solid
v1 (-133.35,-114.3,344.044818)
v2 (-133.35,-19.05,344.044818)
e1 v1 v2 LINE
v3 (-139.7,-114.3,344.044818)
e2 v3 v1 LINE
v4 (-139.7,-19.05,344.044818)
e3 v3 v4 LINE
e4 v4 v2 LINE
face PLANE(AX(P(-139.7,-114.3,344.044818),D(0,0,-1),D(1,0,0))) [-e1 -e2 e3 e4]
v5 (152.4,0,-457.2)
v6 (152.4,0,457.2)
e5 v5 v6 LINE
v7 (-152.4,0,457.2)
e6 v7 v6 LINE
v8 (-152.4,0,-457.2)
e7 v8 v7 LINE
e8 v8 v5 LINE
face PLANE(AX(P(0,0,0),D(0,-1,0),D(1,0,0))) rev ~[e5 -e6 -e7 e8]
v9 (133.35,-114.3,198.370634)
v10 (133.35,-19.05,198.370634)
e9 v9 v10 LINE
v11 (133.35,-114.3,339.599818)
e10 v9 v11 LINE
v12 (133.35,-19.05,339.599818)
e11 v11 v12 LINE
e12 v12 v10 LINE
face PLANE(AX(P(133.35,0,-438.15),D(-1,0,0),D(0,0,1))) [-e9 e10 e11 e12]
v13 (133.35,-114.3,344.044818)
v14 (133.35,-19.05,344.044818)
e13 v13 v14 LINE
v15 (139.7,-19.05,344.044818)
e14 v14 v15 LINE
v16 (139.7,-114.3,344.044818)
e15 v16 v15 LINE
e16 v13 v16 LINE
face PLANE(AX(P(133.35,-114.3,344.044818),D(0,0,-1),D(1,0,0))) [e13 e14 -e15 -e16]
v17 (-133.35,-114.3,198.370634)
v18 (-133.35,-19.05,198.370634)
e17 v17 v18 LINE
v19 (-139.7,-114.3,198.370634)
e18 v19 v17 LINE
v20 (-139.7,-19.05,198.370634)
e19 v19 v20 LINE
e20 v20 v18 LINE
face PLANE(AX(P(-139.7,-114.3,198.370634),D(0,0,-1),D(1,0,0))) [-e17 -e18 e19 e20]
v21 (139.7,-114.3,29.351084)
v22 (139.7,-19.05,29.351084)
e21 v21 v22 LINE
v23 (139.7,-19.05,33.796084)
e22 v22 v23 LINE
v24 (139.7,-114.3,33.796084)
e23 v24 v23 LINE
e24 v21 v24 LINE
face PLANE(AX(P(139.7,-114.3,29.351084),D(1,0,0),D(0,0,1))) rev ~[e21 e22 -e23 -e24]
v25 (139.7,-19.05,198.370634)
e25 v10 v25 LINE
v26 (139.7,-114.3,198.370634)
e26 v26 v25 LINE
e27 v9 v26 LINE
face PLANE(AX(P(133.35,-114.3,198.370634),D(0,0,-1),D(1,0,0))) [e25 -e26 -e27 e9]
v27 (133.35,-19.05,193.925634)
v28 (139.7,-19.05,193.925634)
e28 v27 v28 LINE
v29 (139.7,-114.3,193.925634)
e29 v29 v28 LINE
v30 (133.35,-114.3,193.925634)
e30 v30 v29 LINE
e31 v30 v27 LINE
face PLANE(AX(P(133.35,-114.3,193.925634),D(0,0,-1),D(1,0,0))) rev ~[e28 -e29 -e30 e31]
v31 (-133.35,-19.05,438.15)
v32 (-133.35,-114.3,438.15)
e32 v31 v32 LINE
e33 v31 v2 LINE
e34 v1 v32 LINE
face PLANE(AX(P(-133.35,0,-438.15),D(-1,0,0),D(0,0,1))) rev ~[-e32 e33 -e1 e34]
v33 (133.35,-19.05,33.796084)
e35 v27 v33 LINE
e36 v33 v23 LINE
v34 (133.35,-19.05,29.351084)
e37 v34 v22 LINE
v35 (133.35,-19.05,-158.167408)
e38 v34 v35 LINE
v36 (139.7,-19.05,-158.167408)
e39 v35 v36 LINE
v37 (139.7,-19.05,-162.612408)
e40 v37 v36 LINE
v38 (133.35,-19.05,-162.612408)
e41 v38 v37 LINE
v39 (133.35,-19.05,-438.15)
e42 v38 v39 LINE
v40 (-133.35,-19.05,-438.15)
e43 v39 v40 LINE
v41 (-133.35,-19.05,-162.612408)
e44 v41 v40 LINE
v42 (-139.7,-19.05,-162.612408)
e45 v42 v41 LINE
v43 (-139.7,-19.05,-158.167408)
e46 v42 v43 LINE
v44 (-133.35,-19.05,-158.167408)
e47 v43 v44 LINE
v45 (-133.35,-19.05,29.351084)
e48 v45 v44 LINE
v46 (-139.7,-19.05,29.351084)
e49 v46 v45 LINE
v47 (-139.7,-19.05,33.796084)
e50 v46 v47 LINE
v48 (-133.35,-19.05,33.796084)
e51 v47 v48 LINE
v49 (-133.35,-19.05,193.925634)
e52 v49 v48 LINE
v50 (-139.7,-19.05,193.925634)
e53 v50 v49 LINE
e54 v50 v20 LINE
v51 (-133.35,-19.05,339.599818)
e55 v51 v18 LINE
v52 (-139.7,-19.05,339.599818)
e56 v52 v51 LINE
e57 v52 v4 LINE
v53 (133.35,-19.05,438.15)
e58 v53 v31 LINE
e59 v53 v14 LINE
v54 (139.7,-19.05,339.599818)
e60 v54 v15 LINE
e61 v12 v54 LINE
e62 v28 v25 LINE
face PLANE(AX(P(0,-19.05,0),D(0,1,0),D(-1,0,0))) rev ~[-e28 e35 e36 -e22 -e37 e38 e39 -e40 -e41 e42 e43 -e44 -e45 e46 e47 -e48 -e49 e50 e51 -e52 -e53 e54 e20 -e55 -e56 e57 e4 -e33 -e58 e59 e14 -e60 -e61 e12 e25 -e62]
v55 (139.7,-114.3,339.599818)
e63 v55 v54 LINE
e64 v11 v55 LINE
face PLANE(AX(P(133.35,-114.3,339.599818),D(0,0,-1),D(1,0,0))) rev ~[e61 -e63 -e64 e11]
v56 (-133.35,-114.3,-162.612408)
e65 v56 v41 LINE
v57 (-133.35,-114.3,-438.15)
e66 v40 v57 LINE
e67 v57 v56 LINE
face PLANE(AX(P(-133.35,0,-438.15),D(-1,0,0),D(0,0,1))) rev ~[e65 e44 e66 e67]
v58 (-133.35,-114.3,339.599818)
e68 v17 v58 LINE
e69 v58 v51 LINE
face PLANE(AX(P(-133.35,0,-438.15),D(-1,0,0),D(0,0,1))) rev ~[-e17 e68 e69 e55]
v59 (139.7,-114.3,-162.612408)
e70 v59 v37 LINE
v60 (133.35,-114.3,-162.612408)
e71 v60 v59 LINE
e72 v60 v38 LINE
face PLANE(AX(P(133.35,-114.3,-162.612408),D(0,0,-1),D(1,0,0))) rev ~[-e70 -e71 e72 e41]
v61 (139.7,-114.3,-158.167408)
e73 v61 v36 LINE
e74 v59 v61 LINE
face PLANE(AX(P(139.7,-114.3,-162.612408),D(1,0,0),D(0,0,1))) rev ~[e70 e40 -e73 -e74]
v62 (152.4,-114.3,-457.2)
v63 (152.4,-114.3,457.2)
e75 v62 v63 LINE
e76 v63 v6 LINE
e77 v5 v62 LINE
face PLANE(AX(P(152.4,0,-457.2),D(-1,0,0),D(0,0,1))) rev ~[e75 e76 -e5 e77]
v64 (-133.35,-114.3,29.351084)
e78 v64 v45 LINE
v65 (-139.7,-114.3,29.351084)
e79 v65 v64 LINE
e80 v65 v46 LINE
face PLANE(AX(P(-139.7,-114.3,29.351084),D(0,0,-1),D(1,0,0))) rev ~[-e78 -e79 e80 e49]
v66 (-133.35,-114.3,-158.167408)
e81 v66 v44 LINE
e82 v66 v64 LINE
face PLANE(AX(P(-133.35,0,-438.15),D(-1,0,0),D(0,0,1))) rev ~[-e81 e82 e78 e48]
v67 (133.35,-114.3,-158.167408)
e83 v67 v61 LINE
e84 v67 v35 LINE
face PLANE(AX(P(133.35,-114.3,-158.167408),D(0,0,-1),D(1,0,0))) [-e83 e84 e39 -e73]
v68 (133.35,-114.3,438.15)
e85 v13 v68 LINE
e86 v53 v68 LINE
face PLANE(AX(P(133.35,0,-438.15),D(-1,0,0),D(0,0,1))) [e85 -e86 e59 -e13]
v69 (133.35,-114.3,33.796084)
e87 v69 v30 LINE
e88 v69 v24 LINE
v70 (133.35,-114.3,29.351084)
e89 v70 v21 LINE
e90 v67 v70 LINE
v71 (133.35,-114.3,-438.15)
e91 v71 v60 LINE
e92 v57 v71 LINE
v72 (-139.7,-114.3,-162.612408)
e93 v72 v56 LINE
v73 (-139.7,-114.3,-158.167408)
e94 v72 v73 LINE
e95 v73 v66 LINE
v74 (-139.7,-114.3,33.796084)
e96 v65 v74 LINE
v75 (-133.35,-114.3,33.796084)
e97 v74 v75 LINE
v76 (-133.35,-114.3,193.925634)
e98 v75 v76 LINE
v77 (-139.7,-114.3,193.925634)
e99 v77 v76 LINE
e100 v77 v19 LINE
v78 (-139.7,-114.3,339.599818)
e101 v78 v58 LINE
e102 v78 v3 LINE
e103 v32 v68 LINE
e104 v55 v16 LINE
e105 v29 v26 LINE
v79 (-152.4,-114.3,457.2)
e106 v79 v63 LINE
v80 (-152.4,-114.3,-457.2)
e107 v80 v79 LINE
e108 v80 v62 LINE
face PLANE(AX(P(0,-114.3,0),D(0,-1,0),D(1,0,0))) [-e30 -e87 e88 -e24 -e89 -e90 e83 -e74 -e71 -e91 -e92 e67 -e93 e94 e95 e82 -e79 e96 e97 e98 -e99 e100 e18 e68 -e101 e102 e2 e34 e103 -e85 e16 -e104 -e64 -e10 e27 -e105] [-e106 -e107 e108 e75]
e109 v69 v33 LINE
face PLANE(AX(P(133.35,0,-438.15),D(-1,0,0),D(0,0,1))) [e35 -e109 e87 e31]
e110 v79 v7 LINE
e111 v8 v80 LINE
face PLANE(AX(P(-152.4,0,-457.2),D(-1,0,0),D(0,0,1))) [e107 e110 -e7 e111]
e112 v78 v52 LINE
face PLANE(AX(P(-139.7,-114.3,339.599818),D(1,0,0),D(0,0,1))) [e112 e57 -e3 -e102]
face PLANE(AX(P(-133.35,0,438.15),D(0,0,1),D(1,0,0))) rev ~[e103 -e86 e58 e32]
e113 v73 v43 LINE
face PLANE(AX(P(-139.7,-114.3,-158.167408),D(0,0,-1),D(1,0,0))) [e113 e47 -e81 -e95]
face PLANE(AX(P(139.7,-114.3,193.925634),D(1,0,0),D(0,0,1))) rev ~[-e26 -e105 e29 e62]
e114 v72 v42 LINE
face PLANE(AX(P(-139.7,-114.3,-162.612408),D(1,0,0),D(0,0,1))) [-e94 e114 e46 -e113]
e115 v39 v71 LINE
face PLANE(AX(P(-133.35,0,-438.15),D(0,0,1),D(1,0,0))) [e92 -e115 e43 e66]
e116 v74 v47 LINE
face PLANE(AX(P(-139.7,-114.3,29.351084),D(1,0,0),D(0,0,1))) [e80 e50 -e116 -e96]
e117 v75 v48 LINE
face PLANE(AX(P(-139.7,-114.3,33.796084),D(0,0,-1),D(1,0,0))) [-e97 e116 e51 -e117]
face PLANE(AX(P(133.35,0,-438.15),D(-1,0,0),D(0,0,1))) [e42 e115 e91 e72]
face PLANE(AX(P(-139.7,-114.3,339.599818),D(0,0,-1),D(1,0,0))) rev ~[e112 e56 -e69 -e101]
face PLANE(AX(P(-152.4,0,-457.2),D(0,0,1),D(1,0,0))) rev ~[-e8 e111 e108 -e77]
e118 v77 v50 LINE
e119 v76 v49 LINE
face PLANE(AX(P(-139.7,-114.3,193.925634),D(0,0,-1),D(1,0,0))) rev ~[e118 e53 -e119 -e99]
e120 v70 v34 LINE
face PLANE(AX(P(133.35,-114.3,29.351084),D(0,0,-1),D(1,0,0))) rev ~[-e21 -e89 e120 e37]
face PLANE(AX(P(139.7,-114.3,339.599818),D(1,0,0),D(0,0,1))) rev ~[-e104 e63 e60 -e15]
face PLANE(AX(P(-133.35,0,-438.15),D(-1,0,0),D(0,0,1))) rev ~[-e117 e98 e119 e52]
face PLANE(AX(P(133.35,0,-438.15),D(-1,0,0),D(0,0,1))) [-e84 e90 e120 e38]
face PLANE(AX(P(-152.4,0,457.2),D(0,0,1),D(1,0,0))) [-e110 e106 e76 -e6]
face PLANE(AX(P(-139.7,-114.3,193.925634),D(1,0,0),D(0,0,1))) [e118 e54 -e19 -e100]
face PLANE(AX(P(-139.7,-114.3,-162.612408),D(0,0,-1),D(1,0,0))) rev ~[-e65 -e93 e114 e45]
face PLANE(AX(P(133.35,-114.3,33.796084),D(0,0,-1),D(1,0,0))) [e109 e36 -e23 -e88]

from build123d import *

# Parameters (mm, degrees)
F0_W     = 304.8
F0_H     = 914.4
F0_W_2   = 266.7
F0_H_2   = 876.3
F1_DEPTH = 114.3
F2_W     = 304.8
F2_H     = 914.4
F3_DEPTH = 19.05
F4_W     = 6.35
F4_H     = 4.445
F5_DEPTH = 95.25


with BuildPart() as f1:
    # F0 (on Front) → F1 (new body)
    with BuildSketch(Plane.XZ):
        Rectangle(F0_W, F0_H)
        Rectangle(F0_W_2, F0_H_2, mode=Mode.SUBTRACT)
    extrude(amount=F1_DEPTH)

    # F2 (on face) → F3 (join)
    with BuildSketch(Plane(origin=(0, 0, 0), x_dir=(-1, 0, 0), z_dir=(0, 1, 0))):
        Rectangle(F2_W, F2_H)
    extrude(amount=-F3_DEPTH)

    # F4 (on face) → F5 (cut)
    with BuildSketch(Plane.XZ.offset(114.3)):
        with Locations((-136.525, 341.822318)):
            Rectangle(F4_W, F4_H)
        with Locations((-136.525, 196.148134)):
            Rectangle(F4_W, F4_H)
        with Locations((-136.525, 31.573584)):
            Rectangle(F4_W, F4_H)
        with Locations((-136.525, -160.389908)):
            Rectangle(F4_W, F4_H)
        with Locations((136.525, 196.148134)):
            Rectangle(F4_W, F4_H)
        with Locations((136.525, 341.822318)):
            Rectangle(F4_W, F4_H)
        with Locations((136.525, -160.389908)):
            Rectangle(F4_W, F4_H)
        with Locations((136.525, 31.573584)):
            Rectangle(F4_W, F4_H)
    extrude(amount=-F5_DEPTH, mode=Mode.SUBTRACT)


solid = f1.part
